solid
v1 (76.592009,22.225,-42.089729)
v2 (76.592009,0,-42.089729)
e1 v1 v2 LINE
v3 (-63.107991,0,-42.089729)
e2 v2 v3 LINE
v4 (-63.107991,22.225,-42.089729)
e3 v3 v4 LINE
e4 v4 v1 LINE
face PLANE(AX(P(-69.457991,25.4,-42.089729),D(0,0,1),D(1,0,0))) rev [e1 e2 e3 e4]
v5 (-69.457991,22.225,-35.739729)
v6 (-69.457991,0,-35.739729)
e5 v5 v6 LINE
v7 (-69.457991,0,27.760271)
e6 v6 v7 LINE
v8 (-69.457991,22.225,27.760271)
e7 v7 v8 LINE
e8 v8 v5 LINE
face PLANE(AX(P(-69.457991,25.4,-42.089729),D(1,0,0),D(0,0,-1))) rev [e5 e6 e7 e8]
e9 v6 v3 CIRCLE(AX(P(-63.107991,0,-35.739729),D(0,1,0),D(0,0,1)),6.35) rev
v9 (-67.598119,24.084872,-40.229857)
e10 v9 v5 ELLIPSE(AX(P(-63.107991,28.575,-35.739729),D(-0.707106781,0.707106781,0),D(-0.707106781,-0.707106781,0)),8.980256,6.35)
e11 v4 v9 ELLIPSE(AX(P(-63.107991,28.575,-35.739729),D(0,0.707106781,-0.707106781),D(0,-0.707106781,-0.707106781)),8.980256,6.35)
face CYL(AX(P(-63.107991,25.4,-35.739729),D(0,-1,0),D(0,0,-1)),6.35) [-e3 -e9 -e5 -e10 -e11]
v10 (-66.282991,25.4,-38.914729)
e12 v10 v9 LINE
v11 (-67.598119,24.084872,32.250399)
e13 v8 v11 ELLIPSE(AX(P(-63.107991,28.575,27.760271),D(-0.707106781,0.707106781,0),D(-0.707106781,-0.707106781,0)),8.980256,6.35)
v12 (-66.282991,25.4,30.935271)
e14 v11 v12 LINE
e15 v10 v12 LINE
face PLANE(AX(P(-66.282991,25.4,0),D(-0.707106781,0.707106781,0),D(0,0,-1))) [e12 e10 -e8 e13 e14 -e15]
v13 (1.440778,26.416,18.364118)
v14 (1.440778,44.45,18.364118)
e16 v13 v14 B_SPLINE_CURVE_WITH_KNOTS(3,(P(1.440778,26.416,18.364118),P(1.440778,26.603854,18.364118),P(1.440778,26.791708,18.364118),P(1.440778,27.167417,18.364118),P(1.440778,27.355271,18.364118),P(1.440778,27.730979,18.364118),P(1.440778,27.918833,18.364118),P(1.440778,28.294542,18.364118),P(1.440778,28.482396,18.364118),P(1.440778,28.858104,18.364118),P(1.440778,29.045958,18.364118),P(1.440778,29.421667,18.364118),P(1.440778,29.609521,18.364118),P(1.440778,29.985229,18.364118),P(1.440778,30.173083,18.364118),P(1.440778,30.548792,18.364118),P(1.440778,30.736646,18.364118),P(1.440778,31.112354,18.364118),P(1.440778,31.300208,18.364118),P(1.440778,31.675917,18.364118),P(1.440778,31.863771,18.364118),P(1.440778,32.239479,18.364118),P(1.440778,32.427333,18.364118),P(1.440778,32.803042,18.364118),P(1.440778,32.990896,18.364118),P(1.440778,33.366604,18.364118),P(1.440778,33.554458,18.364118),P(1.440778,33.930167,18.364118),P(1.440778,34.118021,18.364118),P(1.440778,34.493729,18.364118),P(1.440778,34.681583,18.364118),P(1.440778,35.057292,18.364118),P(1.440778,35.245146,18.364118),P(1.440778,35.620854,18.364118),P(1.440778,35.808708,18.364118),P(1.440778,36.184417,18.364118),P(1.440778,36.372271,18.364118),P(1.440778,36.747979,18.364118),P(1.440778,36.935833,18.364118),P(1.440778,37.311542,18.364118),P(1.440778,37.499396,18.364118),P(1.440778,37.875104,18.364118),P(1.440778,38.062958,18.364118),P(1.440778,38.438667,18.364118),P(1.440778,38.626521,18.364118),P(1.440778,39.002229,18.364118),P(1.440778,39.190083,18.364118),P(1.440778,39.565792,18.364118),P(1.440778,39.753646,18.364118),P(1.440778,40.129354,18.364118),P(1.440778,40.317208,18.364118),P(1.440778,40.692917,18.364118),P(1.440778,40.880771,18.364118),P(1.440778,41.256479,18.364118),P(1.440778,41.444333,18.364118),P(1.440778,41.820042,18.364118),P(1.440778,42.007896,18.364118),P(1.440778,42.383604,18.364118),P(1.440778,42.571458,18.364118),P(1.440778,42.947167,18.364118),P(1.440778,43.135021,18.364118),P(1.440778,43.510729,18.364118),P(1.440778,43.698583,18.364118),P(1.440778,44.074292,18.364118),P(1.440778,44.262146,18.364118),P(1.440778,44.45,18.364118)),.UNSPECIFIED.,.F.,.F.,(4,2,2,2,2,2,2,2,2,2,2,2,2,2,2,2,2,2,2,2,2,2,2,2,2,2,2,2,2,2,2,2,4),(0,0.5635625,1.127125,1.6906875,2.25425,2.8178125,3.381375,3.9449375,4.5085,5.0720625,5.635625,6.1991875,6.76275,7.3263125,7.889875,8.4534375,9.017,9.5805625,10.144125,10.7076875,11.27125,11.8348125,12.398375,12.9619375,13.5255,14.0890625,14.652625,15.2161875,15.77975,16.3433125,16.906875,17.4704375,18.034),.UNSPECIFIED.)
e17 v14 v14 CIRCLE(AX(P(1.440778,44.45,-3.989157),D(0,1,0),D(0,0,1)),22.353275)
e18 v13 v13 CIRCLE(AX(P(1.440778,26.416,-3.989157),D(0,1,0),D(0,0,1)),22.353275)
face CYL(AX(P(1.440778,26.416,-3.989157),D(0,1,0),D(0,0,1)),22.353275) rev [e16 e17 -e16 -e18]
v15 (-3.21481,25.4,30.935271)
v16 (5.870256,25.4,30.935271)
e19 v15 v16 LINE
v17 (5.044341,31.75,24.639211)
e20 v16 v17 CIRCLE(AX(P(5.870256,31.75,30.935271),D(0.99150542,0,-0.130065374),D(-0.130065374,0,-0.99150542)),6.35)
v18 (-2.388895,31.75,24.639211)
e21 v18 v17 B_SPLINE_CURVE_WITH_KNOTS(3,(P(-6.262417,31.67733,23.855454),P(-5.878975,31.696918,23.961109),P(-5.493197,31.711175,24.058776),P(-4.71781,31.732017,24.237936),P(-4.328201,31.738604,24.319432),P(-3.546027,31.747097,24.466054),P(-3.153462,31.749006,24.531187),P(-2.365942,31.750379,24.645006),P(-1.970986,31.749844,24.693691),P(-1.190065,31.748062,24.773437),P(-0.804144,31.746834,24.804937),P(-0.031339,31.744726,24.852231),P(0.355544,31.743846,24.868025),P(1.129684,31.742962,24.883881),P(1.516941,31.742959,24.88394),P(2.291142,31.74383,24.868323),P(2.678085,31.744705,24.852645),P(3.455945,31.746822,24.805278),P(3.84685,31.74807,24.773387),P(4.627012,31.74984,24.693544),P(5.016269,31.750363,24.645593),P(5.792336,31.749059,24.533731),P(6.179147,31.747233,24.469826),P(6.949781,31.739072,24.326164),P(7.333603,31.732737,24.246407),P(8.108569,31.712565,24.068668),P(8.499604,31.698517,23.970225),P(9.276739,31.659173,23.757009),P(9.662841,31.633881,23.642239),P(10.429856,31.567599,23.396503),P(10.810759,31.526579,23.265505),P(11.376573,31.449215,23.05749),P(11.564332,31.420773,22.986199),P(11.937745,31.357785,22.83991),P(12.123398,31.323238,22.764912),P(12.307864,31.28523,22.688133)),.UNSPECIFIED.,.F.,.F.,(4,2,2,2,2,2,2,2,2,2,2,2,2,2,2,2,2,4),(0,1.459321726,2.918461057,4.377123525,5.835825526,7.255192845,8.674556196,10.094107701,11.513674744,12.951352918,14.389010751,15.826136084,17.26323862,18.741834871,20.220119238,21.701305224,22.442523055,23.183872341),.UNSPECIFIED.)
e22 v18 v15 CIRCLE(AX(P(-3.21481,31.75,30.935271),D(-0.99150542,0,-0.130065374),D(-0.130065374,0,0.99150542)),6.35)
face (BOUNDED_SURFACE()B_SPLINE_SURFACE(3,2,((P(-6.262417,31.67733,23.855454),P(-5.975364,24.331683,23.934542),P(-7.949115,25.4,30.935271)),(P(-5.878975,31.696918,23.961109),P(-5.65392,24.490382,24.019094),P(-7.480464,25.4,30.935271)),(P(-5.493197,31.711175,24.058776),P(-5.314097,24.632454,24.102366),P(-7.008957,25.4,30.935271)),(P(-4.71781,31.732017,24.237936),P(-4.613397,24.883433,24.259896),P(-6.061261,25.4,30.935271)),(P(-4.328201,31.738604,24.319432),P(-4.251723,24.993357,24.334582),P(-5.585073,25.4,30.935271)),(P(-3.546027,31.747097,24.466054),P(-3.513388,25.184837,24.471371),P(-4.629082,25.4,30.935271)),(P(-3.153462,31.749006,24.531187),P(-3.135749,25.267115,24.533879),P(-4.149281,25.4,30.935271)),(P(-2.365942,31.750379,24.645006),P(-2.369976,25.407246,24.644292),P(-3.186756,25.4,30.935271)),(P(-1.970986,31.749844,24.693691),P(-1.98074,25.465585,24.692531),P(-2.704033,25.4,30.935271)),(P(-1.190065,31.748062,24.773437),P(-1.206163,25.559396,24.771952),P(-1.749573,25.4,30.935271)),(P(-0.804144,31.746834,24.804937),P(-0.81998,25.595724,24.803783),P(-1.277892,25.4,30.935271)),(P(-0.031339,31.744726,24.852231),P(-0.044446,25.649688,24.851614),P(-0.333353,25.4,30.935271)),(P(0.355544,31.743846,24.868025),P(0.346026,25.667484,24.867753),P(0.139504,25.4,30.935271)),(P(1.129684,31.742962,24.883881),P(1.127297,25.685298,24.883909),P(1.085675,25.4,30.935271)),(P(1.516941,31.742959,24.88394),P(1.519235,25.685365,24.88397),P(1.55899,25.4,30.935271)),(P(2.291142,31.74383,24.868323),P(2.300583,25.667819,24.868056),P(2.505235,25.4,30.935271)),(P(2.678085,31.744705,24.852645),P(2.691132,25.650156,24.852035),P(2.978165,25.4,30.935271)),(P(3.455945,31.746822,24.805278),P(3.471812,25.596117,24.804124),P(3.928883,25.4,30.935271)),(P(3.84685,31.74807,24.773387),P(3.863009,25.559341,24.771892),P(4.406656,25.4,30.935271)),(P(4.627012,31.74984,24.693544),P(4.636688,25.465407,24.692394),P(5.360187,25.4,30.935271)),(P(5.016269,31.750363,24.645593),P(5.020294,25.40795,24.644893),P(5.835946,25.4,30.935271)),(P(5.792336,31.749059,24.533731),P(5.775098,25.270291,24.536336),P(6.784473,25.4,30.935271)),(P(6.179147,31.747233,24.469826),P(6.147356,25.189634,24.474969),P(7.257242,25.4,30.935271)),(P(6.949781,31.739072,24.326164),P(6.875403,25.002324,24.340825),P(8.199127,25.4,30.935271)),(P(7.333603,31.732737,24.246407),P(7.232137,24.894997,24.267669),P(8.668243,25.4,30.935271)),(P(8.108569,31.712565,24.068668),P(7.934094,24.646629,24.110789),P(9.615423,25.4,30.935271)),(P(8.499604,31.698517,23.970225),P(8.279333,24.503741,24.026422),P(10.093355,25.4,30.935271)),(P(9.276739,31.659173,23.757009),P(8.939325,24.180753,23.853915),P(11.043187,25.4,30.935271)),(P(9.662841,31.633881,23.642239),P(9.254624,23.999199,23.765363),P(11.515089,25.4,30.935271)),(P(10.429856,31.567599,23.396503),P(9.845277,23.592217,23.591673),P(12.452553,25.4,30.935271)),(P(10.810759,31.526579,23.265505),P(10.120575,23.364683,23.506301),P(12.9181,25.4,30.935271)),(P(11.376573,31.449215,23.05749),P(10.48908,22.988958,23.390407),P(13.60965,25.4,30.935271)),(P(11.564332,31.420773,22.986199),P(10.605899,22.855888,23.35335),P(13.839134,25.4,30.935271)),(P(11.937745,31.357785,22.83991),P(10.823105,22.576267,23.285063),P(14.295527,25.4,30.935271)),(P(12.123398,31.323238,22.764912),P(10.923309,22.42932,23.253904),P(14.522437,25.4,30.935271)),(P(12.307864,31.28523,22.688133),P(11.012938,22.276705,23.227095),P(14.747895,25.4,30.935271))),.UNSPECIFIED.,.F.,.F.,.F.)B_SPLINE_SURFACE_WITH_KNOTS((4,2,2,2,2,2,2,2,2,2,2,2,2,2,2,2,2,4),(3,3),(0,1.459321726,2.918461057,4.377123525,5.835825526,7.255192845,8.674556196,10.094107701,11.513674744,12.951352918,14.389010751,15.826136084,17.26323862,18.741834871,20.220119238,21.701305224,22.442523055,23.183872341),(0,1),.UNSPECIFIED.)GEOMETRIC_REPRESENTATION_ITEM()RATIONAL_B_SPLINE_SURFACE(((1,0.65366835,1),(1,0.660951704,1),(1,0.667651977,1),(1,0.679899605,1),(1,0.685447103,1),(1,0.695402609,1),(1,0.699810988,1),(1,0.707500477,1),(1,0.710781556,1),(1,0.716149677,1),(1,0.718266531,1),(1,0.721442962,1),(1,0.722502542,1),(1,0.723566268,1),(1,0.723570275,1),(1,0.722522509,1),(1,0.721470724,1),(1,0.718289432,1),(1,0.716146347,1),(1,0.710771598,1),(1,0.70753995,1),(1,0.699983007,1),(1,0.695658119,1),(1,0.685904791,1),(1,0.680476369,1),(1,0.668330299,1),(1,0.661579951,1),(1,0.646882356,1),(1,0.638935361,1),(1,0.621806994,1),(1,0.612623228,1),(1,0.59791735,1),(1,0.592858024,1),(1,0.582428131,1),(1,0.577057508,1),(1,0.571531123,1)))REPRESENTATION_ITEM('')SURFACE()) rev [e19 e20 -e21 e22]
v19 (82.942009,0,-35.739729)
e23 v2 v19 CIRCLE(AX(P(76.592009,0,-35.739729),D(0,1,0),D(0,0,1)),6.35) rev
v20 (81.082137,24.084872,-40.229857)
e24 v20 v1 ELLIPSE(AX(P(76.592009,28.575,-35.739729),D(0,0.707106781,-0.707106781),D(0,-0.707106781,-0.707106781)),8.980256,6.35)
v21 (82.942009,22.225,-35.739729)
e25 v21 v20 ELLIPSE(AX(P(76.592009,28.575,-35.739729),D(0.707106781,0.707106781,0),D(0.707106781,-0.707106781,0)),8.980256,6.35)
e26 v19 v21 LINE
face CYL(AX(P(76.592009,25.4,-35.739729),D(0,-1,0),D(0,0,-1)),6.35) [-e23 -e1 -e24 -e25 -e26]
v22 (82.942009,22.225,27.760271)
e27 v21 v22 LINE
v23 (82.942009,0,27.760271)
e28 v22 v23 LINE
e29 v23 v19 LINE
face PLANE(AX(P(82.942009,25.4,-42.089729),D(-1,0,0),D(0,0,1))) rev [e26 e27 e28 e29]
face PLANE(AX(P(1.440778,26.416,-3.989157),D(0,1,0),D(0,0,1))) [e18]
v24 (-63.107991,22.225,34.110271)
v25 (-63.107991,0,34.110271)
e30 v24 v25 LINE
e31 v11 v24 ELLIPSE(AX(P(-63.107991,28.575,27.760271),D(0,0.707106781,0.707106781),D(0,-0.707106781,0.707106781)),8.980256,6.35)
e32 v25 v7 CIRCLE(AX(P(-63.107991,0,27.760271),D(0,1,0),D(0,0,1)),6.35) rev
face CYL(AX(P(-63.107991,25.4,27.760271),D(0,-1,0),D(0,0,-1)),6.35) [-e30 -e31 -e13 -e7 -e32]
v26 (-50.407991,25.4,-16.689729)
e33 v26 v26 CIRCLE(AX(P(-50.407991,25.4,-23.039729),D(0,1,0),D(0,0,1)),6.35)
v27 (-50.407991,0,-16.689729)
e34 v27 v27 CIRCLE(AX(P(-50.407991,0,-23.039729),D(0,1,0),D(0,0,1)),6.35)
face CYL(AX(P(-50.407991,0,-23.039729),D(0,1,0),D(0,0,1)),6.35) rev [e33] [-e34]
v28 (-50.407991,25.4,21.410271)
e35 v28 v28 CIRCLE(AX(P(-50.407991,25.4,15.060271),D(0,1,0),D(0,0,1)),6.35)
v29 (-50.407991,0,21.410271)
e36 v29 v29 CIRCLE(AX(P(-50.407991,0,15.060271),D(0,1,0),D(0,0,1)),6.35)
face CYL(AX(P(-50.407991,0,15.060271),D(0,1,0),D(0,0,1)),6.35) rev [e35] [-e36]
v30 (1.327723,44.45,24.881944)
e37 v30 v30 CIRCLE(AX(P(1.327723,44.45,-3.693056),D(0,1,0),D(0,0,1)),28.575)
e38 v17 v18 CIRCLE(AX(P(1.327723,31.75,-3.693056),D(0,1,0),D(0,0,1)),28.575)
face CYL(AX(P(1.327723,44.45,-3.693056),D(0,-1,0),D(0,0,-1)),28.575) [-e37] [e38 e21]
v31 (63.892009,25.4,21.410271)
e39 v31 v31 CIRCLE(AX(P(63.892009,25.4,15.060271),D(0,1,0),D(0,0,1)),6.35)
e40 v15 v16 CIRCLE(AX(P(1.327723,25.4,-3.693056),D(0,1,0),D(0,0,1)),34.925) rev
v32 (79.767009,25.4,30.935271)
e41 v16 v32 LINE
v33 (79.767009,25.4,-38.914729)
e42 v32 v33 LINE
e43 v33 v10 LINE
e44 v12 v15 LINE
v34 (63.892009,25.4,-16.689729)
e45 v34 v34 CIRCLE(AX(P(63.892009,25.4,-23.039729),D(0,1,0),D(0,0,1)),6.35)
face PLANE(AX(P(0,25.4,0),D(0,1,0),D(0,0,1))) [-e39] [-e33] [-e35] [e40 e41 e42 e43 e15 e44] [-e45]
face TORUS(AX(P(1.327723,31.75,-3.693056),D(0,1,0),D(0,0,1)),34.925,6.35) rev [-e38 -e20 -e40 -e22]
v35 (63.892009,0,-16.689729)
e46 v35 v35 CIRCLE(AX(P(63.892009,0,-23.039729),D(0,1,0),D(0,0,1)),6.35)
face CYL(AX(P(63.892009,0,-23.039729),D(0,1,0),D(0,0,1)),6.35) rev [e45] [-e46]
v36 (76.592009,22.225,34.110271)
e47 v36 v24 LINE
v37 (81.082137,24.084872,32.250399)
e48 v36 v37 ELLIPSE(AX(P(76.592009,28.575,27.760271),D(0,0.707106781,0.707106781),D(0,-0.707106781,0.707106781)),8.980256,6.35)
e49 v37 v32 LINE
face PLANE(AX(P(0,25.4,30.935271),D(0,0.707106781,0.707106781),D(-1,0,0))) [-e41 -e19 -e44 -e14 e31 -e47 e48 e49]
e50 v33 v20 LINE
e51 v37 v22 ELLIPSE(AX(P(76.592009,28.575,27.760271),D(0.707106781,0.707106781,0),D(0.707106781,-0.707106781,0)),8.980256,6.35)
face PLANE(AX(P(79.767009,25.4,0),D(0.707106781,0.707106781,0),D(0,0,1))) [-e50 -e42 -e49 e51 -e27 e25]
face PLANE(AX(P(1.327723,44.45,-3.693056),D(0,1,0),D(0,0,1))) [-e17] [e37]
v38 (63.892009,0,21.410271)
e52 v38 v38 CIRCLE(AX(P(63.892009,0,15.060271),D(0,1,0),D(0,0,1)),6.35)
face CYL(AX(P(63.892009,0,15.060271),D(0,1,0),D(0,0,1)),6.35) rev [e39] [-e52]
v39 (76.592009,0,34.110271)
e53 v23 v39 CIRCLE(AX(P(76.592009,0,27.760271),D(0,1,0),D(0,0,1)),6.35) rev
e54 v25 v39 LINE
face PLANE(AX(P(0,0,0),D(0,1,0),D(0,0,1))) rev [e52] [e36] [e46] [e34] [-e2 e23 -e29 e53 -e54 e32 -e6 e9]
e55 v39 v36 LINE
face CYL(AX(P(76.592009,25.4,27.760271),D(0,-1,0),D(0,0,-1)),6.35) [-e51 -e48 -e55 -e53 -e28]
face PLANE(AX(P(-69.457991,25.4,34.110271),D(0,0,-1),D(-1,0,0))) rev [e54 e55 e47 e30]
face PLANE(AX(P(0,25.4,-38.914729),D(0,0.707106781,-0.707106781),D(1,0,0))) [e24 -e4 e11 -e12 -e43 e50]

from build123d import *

# Parameters (mm, degrees)
SKETCH3_W           = 152.4
SKETCH3_H           = 76.2
BOSS_EXTRUDE2_DEPTH = 25.4
SKETCH4_R           = 6.35
CUT_EXTRUDE1_DEPTH  = 97.416192211
SKETCH5_R           = 28.575
BOSS_EXTRUDE3_DEPTH = 19.05
SKETCH6_R           = 22.353274987
CUT_EXTRUDE3_DEPTH  = 18.034
CHAMFER1_SIZE       = 3.175
FILLET1_R           = 6.35


with BuildPart() as part:
    # Sketch3 → Boss-Extrude2 (new body)
    with BuildSketch(Plane(origin=(0, 0, 0), x_dir=(1, 0, 0), z_dir=(0, 1, 0))):
        with Locations((6.742008695, 3.989729317)):
            Rectangle(SKETCH3_W, SKETCH3_H)
    extrude(amount=BOSS_EXTRUDE2_DEPTH)

    # Sketch4 → Cut-Extrude1 (cut, through all)
    with BuildSketch(Plane(origin=(0, 25.4, 0), x_dir=(1, 0, 0), z_dir=(0, 1, 0))):
        with Locations(Location((-50.407991305, 23.039729317, 0), (0, 0, 270))):
            Circle(SKETCH4_R)
        with Locations(Location((-50.407991305, -15.060270683, 0), (0, 0, 270))):
            Circle(SKETCH4_R)
        with Locations(Location((63.892008695, 23.039729317, 0), (0, 0, 270))):
            Circle(SKETCH4_R)
        with Locations(Location((63.892008695, -15.060270683, 0), (0, 0, 270))):
            Circle(SKETCH4_R)
    extrude(amount=-CUT_EXTRUDE1_DEPTH, mode=Mode.SUBTRACT)

    # Sketch5 → Boss-Extrude3 (add)
    with BuildSketch(Plane(origin=(0, 25.4, 0), x_dir=(1, 0, 0), z_dir=(0, 1, 0))):
        with Locations(Location((1.327722903, 3.693056123, 0), (0, 0, 90))):
            Circle(SKETCH5_R)
    extrude(amount=BOSS_EXTRUDE3_DEPTH)

    # Sketch6 → Cut-Extrude3 (cut)
    with BuildSketch(Plane(origin=(0, 44.45, 0), x_dir=(1, 0, 0), z_dir=(0, 1, 0))):
        with Locations(Location((1.440777923, 3.989157158, 0), (0, 0, 270))):
            Circle(SKETCH6_R)
    extrude(amount=-CUT_EXTRUDE3_DEPTH, mode=Mode.SUBTRACT)

    # Chamfer1
    chamfer1_edges = [part.edges().sort_by_distance(p)[0] for p in [
        (82.942008695, 25.4, -3.989729317),
        (6.742008695, 25.4, -42.089729317),
        (-69.457991305, 25.4, -3.989729317),
        (6.742008695, 25.4, 34.110270683),
    ]]
    chamfer(chamfer1_edges, length=CHAMFER1_SIZE)

    # Fillet1
    fillet1_edges = [part.edges().sort_by_distance(p)[0] for p in [
        (1.327722903, 25.4, 24.881943877),
        (-69.457991305, 11.1125, 34.110270683),
        (-69.457991305, 11.1125, -42.089729317),
        (82.942008695, 11.1125, -42.089729317),
        (82.942008695, 11.1125, 34.110270683),
    ]]
    fillet(fillet1_edges, radius=FILLET1_R)


solid = part.part
